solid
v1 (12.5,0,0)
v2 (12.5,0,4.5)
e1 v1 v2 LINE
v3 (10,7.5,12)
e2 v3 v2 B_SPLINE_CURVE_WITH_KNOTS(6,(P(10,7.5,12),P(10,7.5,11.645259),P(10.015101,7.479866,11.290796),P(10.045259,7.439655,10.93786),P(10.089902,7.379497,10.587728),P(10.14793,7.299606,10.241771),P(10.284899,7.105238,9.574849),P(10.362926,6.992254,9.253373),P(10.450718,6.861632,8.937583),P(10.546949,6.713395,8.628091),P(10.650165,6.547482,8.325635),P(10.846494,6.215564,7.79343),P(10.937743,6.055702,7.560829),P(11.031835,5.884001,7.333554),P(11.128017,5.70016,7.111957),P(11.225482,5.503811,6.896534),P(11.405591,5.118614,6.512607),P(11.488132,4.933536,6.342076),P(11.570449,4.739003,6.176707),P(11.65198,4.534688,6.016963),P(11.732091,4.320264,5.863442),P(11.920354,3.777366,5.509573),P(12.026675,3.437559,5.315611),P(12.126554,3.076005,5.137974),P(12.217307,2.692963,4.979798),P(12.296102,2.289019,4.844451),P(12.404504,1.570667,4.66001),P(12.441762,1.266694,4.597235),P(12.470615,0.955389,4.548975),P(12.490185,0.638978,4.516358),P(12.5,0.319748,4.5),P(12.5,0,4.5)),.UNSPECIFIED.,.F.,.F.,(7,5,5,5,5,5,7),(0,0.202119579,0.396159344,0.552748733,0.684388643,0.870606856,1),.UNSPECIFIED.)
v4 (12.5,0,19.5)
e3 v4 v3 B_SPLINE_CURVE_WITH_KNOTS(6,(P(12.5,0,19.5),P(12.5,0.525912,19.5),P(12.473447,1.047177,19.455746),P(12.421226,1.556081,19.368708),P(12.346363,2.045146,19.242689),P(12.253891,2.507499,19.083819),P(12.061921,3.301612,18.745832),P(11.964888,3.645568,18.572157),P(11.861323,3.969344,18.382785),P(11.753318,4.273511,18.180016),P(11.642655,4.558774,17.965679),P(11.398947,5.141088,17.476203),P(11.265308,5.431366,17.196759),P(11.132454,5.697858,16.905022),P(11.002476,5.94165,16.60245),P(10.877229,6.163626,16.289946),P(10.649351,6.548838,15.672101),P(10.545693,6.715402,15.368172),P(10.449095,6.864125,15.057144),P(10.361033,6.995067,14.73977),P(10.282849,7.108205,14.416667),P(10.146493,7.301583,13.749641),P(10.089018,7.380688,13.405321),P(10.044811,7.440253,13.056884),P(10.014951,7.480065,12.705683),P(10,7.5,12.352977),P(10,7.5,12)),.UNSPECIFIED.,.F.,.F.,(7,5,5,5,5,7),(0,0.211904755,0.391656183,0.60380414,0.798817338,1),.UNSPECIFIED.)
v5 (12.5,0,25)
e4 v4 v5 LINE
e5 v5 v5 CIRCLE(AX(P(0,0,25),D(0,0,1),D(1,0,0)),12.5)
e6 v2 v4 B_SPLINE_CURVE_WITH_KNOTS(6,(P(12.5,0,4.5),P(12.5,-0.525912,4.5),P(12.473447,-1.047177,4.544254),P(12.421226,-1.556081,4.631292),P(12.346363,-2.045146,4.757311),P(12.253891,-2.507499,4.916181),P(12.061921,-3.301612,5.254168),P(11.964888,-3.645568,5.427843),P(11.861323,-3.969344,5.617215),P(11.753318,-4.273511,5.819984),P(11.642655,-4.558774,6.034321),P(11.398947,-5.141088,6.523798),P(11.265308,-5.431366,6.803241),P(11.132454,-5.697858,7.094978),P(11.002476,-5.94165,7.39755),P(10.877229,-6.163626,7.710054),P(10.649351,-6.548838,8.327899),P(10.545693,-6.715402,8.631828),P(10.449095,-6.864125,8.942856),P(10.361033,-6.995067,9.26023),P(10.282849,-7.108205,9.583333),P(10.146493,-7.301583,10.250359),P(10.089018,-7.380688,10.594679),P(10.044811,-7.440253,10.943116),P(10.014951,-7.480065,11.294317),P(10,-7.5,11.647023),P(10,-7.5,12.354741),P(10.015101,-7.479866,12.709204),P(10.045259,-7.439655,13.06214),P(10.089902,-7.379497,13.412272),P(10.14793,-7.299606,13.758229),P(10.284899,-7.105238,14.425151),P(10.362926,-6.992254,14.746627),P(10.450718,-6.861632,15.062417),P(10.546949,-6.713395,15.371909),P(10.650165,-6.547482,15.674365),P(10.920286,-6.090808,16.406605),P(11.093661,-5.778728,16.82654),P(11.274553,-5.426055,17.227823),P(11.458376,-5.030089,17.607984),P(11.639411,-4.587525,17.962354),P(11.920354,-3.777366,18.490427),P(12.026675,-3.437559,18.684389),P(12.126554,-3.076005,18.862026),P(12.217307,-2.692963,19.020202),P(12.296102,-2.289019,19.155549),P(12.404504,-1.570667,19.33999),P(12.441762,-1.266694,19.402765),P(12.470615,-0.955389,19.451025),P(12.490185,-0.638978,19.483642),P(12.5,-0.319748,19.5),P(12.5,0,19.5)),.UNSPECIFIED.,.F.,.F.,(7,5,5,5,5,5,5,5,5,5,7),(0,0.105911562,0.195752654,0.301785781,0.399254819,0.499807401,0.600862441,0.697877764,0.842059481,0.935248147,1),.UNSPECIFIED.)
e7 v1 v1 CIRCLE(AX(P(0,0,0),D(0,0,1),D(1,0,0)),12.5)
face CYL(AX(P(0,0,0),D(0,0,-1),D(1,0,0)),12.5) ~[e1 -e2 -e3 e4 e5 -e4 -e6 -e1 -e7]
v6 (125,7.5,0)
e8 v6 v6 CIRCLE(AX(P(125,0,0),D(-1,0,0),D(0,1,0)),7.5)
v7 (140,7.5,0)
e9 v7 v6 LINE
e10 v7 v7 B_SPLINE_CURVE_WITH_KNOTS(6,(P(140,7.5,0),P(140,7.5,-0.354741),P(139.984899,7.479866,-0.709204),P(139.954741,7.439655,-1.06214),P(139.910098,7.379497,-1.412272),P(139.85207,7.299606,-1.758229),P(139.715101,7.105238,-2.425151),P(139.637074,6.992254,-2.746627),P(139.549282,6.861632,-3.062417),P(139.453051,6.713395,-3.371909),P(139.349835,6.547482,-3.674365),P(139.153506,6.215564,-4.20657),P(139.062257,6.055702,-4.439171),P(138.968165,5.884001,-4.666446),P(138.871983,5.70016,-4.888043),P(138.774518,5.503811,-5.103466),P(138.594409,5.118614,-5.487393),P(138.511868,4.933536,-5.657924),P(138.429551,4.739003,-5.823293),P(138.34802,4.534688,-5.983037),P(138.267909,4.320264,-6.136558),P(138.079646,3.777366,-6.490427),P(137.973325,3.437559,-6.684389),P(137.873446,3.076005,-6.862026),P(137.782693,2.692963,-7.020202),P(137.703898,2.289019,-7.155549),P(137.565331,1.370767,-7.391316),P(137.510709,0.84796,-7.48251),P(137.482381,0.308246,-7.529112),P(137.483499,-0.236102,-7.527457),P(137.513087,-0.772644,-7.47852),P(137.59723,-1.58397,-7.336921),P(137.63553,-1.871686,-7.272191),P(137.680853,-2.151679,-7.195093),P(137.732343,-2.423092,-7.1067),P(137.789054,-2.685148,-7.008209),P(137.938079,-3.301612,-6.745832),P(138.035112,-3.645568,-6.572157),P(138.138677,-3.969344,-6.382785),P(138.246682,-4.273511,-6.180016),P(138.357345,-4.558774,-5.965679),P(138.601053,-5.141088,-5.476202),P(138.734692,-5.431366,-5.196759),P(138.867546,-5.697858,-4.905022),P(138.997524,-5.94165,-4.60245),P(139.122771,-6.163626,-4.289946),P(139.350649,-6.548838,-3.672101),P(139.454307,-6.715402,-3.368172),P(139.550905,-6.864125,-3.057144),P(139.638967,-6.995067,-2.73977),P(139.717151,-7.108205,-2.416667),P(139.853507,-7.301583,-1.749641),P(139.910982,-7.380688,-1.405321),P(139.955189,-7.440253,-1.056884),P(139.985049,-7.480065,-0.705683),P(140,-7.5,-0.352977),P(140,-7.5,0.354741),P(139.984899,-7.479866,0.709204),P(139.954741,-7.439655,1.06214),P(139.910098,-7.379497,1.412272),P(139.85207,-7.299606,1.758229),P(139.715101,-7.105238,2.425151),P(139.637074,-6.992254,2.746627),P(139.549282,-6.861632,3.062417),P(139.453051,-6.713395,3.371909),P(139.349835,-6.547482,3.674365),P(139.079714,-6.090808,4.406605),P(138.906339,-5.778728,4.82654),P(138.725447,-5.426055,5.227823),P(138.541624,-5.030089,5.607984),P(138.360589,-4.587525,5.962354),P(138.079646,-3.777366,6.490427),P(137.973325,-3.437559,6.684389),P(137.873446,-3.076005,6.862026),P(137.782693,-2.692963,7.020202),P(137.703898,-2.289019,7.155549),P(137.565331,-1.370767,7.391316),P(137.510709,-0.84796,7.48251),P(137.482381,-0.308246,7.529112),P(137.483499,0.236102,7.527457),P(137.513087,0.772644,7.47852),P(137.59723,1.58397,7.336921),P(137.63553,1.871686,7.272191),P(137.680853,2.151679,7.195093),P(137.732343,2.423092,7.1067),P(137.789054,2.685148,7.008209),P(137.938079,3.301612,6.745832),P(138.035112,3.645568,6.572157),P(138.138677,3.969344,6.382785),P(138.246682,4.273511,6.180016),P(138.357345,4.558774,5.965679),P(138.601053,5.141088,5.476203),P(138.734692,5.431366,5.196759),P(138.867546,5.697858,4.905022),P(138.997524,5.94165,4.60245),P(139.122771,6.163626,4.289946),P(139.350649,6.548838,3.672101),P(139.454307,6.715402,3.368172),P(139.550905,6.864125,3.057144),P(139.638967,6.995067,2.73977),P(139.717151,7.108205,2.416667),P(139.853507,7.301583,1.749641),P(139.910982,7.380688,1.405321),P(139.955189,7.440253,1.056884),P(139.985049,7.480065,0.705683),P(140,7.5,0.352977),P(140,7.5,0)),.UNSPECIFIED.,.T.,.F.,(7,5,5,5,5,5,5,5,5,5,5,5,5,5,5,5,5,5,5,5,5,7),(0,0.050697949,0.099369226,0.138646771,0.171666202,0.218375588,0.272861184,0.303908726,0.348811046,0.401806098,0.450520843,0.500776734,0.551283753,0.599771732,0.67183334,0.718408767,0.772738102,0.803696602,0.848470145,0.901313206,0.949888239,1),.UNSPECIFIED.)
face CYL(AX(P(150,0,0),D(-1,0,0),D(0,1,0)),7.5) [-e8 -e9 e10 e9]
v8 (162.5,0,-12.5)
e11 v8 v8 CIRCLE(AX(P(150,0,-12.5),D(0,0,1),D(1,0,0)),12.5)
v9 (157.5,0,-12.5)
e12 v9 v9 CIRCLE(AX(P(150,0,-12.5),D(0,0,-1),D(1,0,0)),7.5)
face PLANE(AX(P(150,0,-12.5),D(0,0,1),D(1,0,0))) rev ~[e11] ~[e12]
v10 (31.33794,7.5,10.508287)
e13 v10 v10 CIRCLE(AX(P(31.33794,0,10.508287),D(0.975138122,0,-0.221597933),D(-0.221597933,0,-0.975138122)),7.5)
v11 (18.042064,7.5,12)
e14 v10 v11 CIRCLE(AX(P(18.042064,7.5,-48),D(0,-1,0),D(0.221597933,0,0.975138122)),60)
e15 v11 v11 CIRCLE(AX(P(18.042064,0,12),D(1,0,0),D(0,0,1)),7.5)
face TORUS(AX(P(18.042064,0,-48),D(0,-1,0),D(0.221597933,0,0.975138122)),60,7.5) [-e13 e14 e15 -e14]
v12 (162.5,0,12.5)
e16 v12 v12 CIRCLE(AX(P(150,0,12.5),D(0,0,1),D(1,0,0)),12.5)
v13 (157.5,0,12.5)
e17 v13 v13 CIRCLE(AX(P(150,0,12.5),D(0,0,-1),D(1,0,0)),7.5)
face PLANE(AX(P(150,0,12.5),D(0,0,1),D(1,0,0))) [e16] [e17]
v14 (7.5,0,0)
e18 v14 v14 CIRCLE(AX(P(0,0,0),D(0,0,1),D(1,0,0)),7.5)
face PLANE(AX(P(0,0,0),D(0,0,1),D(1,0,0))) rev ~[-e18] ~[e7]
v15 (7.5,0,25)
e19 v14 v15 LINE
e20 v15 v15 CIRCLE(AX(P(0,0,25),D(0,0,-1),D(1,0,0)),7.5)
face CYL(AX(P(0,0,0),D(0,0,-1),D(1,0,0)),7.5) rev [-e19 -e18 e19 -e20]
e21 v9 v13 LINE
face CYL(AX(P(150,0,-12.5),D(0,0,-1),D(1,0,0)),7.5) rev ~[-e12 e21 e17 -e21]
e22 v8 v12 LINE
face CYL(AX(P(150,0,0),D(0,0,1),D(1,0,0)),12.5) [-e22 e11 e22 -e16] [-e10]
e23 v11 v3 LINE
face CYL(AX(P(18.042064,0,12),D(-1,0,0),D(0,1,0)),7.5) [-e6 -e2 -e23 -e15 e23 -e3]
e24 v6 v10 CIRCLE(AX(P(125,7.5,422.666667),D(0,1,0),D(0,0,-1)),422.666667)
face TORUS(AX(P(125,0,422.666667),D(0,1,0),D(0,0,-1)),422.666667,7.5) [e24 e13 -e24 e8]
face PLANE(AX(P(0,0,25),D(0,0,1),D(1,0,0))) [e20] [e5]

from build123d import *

# Parameters (mm, degrees)
F1_R      = 7.5
F3_R      = 12.5
F3_R_2    = 7.5
F4_DEPTH  = 25
F5_DEPTH  = 25.0010001
F7_R      = 12.5
F8_DEPTH  = 12.5
F9_R      = 7.5
F10_DEPTH = 37.5010001


with BuildPart() as f2:
    # F2: sweep along a path in F0
    with BuildLine(Plane.XZ) as f2_path:
        Line((150, 0), (125, 0))
        ThreePointArc((125, 0), (77.8751511279, 2.6352872081), (31.3379403225, 10.5082872928))
        ThreePointArc((31.3379403225, 10.5082872928), (24.7317116593, 11.6259056014), (18.042064343, 12))
        Line((18.042064343, 12), (0, 12))
    # F1 (on Right) → F2 (sweep)
    with BuildSketch(Plane.YZ):
        with Locations((0, 12)):
            Circle(F1_R)
    sweep(path=f2_path.line)

    # F3 (on Top) → F4 (join)
    with BuildSketch(Plane.XY):
        Circle(F3_R)
        Circle(F3_R_2, mode=Mode.SUBTRACT)
        Circle(F3_R_2)
    extrude(amount=F4_DEPTH)

    # F3 (on Top) → F5 (cut, through all)
    with BuildSketch(Plane.XY):
        Circle(F3_R_2)
    extrude(amount=F5_DEPTH, mode=Mode.SUBTRACT)

    # F7 (on Top) → F8 (join, symmetric)
    with BuildSketch(Plane.XY):
        with Locations((150, 0)):
            Circle(F7_R)
    extrude(amount=F8_DEPTH, both=True)

    # F9 (on face) → F10 (cut, through all)
    with BuildSketch(Plane(origin=(0, 0, -12.5), x_dir=(1, 0, 0), z_dir=(0, 0, -1))):
        with Locations((150, 0)):
            Circle(F9_R)
    extrude(amount=-F10_DEPTH, mode=Mode.SUBTRACT)


solid = f2.part
